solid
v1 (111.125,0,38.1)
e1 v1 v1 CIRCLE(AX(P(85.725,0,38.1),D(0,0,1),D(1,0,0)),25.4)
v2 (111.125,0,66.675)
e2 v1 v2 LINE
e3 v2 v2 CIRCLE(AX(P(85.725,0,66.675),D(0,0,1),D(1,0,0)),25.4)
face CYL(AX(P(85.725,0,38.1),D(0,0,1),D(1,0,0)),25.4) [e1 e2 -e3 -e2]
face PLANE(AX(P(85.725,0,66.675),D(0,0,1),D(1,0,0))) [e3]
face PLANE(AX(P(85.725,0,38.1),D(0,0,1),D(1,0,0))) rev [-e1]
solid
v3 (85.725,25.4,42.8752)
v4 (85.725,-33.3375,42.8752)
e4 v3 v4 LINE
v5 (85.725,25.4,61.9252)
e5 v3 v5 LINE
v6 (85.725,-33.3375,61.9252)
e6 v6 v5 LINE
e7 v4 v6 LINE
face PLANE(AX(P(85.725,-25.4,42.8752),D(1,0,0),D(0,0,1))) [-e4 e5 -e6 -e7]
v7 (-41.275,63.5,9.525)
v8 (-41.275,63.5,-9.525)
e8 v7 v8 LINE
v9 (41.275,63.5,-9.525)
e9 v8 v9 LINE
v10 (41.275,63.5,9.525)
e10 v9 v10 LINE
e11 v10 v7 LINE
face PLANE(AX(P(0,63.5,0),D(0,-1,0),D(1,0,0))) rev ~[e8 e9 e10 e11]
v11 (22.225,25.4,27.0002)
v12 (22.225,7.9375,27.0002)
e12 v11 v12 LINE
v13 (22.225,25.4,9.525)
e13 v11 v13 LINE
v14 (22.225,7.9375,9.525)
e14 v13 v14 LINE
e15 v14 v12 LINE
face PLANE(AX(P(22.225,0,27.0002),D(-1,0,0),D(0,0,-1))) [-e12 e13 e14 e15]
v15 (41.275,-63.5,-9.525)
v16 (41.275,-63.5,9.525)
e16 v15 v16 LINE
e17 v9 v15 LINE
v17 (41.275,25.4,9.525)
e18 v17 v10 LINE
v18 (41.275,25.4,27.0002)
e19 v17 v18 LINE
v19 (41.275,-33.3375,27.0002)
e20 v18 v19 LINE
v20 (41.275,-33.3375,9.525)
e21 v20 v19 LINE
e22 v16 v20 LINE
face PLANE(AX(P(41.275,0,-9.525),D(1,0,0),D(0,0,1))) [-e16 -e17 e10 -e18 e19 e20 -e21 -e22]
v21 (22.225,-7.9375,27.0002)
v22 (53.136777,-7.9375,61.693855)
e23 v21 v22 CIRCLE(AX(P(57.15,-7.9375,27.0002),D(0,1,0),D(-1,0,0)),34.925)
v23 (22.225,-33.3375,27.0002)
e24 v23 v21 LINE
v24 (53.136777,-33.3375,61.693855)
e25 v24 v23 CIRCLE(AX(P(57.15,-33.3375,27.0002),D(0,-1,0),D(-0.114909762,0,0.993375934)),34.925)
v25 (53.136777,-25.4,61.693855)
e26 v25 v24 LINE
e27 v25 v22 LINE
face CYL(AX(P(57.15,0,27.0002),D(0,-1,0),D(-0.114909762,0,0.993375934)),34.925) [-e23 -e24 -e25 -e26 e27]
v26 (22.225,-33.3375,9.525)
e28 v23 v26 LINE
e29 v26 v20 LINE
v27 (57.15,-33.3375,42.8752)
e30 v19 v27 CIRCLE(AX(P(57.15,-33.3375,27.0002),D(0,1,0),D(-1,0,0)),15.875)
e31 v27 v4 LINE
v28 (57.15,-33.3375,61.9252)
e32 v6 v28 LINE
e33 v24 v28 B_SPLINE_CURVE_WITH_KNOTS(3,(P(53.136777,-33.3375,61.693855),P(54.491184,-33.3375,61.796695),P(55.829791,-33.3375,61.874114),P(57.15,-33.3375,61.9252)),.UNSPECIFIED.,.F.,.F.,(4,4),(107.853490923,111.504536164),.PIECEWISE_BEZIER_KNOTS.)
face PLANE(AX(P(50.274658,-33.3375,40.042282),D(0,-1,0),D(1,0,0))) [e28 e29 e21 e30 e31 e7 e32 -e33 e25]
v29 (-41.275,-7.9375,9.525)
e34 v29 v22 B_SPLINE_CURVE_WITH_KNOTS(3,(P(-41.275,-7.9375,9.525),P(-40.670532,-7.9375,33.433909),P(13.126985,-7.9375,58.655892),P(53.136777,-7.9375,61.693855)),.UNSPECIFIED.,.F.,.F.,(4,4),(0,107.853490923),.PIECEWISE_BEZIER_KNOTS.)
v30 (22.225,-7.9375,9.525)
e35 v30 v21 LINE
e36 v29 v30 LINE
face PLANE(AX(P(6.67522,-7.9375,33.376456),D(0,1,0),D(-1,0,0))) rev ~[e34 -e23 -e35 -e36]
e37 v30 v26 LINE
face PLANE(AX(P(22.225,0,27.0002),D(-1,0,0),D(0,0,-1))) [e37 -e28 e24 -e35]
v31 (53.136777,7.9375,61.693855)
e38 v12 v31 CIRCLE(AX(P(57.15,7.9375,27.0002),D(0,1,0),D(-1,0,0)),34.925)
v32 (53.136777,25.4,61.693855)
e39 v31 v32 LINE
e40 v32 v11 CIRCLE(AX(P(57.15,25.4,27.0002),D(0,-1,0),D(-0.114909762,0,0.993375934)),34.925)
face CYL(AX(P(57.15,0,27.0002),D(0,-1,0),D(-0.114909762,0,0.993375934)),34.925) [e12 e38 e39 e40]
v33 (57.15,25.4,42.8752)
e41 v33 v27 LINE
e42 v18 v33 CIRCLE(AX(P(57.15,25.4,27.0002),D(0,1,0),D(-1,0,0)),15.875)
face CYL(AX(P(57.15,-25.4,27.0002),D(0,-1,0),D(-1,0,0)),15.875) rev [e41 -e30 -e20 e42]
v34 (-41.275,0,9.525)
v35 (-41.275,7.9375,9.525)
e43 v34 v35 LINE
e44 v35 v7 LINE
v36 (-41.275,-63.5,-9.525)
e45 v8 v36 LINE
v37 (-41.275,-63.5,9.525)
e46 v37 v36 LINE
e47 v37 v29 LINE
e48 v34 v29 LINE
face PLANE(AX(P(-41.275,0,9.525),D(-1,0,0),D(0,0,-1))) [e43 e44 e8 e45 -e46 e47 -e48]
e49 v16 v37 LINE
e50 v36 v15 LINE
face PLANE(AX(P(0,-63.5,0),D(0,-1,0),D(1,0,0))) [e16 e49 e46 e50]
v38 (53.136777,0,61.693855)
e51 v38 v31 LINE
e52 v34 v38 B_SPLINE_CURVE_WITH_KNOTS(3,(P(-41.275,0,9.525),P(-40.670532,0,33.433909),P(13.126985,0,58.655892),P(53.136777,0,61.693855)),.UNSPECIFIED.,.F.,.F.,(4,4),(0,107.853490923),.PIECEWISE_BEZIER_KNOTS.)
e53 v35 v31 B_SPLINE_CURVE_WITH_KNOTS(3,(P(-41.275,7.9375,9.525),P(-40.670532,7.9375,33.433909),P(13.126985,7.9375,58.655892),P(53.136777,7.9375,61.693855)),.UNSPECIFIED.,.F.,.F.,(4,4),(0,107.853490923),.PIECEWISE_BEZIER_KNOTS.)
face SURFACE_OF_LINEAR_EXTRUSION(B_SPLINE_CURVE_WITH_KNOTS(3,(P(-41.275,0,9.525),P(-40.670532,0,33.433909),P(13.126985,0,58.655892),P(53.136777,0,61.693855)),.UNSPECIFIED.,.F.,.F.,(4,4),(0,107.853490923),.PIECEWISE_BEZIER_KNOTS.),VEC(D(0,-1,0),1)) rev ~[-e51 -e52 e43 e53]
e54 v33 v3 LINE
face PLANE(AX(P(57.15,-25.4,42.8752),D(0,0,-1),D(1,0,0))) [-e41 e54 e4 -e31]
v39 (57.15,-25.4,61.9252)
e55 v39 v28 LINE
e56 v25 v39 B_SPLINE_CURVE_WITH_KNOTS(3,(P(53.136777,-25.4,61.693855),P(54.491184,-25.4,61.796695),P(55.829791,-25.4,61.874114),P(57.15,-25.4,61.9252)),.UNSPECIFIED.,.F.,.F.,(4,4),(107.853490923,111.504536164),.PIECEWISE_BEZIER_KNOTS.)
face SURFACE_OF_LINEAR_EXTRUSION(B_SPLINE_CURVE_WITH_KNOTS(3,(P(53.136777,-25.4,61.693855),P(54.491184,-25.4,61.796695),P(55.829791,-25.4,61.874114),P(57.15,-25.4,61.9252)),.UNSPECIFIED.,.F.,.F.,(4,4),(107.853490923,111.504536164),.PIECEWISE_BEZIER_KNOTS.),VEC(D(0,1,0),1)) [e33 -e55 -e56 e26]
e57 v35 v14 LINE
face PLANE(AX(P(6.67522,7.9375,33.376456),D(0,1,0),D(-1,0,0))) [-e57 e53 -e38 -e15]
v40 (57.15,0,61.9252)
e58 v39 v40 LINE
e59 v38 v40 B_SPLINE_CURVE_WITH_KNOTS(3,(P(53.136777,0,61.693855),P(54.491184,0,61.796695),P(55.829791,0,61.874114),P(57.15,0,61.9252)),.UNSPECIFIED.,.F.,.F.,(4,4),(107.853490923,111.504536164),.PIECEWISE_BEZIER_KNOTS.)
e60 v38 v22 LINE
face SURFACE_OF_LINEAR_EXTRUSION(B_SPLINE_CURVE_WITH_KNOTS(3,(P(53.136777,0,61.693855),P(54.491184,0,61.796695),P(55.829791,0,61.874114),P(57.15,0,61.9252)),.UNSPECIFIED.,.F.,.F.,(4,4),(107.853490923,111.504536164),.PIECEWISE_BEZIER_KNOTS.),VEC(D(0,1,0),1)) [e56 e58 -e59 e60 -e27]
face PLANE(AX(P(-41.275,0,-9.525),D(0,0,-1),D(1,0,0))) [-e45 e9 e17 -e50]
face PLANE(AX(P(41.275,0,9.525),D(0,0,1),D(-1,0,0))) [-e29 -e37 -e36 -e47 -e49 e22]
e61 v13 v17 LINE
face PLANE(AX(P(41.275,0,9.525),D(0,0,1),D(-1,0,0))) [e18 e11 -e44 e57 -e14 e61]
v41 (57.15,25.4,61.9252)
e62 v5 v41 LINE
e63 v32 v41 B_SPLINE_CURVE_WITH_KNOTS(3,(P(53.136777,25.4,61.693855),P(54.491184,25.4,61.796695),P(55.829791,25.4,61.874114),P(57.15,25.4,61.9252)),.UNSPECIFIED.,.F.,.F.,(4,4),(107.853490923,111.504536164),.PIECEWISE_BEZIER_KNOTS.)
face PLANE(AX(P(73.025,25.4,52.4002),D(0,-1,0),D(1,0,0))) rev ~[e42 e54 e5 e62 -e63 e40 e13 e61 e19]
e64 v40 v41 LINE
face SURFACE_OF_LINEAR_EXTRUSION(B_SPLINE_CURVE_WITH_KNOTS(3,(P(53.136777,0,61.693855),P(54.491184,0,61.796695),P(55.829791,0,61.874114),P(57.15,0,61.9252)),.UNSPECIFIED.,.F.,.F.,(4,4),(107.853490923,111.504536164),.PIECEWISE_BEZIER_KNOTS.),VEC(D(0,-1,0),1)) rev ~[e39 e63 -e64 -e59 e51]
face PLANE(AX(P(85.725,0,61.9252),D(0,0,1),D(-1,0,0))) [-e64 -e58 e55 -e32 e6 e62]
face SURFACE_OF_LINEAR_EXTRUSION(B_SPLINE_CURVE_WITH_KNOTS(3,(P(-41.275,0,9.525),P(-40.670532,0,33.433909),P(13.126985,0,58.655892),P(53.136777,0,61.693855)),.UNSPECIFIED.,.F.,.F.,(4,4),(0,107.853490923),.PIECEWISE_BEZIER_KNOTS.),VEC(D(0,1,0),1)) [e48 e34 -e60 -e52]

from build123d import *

# Parameters (mm, degrees)
F1_DEPTH = 63.5
F0_W     = 25.4
F0_H     = 19.05
F2_DEPTH = 25.4
F3_DEPTH = 7.9375


with BuildPart() as f1:
    # F0 (on Front) → F1 (new body, symmetric)
    with BuildSketch(Plane.XZ):
        Polygon((22.225, 9.525), (-41.275, 9.525), (-41.275, -9.525), (41.275, -9.525), (41.275, 9.525), align=None)
    extrude(amount=F1_DEPTH, both=True)

    # F0 (on Front) → F2 (join, symmetric)
    with BuildSketch(Plane.XZ):
        with Locations((73.025, 52.4002)):
            Rectangle(F0_W, F0_H)
        with BuildLine():
            Line((22.225, 27.0002), (22.225, 9.525))
            Line((22.225, 9.525), (41.275, 9.525))
            Line((41.275, 9.525), (41.275, 27.0002))
            ThreePointArc((41.275, 27.0002), (45.9246798487, 38.2255201513), (57.15, 42.8752))
            Line((57.15, 42.8752), (60.325, 42.8752))
            Line((60.325, 42.8752), (60.325, 61.9252))
            Line((60.325, 61.9252), (57.15, 61.9252))
            add(Edge.make_bspline(
                [(53.1367765772, 61.6938545028), (54.4911838956, 61.7966953046), (55.8297911563, 61.8741143082), (57.15, 61.9252)],
                knots=[107.8534909228, 107.8534909228, 107.8534909228, 107.8534909228, 111.5045361635, 111.5045361635, 111.5045361635, 111.5045361635], degree=3))
            ThreePointArc((53.1367765772, 61.6938545028), (31.073981774, 50.2337296173), (22.225, 27.0002))
        make_face()
    extrude(amount=F2_DEPTH, both=True)

    # F0 (on Front) + F2_face (on face) → F3 (join, symmetric)
    with BuildSketch(Plane.XZ):
        with BuildLine():
            add(Edge.make_bspline(
                [(-41.275, 9.525), (-40.6705320986, 33.4339088409), (13.1269854637, 58.6558917409), (53.1367765772, 61.6938545028)],
                knots=[0, 0, 0, 0, 107.8534909228, 107.8534909228, 107.8534909228, 107.8534909228], degree=3))
            Line((-41.275, 9.525), (22.225, 9.525))
            Line((22.225, 9.525), (22.225, 27.0002))
            ThreePointArc((22.225, 27.0002), (31.073981774, 50.2337296173), (53.1367765772, 61.6938545028))
        make_face()
    with BuildSketch(Plane(origin=(48.877117708, -25.4, 41.5252289167), x_dir=(1, 0, 0), z_dir=(0, -1, 0))):
        with BuildLine():
            Line((36.847882292, 20.3999710833), (8.272882292, 20.3999710833))
            add(Edge.make_bspline(
                [(4.2596588692, 20.1686255861), (5.6140661876, 20.2714663879), (6.9526734483, 20.3488853915), (8.272882292, 20.3999710833)],
                knots=[107.8534909228, 107.8534909228, 107.8534909228, 107.8534909228, 111.5045361635, 111.5045361635, 111.5045361635, 111.5045361635], degree=3))
            ThreePointArc((4.2596588692, 20.1686255861), (-17.803135934, 8.7085007007), (-26.652117708, -14.5250289167))
            Line((-26.652117708, -14.5250289167), (-26.652117708, -32.0002289167))
            Line((-26.652117708, -32.0002289167), (-7.602117708, -32.0002289167))
            Line((-7.602117708, -32.0002289167), (-7.602117708, -14.5250289167))
            ThreePointArc((-7.602117708, -14.5250289167), (-2.9524378593, -3.2997087653), (8.272882292, 1.3499710833))
            Line((8.272882292, 1.3499710833), (36.847882292, 1.3499710833))
            Line((36.847882292, 1.3499710833), (36.847882292, 20.3999710833))
        make_face()
    extrude(amount=F3_DEPTH, both=True)


with BuildPart() as f4:
    # F0 (on Front) → F4 (revolve)
    with BuildSketch(Plane.XZ):
        Polygon((85.725, 66.675), (85.725, 61.9252), (85.725, 42.8752), (85.725, 38.1), (111.125, 38.1), (111.125, 66.675), align=None)
    revolve(axis=Axis((85.725, 0, 52.3875), (0, 0, 1)))


solid = Compound([f1.part, f4.part])
